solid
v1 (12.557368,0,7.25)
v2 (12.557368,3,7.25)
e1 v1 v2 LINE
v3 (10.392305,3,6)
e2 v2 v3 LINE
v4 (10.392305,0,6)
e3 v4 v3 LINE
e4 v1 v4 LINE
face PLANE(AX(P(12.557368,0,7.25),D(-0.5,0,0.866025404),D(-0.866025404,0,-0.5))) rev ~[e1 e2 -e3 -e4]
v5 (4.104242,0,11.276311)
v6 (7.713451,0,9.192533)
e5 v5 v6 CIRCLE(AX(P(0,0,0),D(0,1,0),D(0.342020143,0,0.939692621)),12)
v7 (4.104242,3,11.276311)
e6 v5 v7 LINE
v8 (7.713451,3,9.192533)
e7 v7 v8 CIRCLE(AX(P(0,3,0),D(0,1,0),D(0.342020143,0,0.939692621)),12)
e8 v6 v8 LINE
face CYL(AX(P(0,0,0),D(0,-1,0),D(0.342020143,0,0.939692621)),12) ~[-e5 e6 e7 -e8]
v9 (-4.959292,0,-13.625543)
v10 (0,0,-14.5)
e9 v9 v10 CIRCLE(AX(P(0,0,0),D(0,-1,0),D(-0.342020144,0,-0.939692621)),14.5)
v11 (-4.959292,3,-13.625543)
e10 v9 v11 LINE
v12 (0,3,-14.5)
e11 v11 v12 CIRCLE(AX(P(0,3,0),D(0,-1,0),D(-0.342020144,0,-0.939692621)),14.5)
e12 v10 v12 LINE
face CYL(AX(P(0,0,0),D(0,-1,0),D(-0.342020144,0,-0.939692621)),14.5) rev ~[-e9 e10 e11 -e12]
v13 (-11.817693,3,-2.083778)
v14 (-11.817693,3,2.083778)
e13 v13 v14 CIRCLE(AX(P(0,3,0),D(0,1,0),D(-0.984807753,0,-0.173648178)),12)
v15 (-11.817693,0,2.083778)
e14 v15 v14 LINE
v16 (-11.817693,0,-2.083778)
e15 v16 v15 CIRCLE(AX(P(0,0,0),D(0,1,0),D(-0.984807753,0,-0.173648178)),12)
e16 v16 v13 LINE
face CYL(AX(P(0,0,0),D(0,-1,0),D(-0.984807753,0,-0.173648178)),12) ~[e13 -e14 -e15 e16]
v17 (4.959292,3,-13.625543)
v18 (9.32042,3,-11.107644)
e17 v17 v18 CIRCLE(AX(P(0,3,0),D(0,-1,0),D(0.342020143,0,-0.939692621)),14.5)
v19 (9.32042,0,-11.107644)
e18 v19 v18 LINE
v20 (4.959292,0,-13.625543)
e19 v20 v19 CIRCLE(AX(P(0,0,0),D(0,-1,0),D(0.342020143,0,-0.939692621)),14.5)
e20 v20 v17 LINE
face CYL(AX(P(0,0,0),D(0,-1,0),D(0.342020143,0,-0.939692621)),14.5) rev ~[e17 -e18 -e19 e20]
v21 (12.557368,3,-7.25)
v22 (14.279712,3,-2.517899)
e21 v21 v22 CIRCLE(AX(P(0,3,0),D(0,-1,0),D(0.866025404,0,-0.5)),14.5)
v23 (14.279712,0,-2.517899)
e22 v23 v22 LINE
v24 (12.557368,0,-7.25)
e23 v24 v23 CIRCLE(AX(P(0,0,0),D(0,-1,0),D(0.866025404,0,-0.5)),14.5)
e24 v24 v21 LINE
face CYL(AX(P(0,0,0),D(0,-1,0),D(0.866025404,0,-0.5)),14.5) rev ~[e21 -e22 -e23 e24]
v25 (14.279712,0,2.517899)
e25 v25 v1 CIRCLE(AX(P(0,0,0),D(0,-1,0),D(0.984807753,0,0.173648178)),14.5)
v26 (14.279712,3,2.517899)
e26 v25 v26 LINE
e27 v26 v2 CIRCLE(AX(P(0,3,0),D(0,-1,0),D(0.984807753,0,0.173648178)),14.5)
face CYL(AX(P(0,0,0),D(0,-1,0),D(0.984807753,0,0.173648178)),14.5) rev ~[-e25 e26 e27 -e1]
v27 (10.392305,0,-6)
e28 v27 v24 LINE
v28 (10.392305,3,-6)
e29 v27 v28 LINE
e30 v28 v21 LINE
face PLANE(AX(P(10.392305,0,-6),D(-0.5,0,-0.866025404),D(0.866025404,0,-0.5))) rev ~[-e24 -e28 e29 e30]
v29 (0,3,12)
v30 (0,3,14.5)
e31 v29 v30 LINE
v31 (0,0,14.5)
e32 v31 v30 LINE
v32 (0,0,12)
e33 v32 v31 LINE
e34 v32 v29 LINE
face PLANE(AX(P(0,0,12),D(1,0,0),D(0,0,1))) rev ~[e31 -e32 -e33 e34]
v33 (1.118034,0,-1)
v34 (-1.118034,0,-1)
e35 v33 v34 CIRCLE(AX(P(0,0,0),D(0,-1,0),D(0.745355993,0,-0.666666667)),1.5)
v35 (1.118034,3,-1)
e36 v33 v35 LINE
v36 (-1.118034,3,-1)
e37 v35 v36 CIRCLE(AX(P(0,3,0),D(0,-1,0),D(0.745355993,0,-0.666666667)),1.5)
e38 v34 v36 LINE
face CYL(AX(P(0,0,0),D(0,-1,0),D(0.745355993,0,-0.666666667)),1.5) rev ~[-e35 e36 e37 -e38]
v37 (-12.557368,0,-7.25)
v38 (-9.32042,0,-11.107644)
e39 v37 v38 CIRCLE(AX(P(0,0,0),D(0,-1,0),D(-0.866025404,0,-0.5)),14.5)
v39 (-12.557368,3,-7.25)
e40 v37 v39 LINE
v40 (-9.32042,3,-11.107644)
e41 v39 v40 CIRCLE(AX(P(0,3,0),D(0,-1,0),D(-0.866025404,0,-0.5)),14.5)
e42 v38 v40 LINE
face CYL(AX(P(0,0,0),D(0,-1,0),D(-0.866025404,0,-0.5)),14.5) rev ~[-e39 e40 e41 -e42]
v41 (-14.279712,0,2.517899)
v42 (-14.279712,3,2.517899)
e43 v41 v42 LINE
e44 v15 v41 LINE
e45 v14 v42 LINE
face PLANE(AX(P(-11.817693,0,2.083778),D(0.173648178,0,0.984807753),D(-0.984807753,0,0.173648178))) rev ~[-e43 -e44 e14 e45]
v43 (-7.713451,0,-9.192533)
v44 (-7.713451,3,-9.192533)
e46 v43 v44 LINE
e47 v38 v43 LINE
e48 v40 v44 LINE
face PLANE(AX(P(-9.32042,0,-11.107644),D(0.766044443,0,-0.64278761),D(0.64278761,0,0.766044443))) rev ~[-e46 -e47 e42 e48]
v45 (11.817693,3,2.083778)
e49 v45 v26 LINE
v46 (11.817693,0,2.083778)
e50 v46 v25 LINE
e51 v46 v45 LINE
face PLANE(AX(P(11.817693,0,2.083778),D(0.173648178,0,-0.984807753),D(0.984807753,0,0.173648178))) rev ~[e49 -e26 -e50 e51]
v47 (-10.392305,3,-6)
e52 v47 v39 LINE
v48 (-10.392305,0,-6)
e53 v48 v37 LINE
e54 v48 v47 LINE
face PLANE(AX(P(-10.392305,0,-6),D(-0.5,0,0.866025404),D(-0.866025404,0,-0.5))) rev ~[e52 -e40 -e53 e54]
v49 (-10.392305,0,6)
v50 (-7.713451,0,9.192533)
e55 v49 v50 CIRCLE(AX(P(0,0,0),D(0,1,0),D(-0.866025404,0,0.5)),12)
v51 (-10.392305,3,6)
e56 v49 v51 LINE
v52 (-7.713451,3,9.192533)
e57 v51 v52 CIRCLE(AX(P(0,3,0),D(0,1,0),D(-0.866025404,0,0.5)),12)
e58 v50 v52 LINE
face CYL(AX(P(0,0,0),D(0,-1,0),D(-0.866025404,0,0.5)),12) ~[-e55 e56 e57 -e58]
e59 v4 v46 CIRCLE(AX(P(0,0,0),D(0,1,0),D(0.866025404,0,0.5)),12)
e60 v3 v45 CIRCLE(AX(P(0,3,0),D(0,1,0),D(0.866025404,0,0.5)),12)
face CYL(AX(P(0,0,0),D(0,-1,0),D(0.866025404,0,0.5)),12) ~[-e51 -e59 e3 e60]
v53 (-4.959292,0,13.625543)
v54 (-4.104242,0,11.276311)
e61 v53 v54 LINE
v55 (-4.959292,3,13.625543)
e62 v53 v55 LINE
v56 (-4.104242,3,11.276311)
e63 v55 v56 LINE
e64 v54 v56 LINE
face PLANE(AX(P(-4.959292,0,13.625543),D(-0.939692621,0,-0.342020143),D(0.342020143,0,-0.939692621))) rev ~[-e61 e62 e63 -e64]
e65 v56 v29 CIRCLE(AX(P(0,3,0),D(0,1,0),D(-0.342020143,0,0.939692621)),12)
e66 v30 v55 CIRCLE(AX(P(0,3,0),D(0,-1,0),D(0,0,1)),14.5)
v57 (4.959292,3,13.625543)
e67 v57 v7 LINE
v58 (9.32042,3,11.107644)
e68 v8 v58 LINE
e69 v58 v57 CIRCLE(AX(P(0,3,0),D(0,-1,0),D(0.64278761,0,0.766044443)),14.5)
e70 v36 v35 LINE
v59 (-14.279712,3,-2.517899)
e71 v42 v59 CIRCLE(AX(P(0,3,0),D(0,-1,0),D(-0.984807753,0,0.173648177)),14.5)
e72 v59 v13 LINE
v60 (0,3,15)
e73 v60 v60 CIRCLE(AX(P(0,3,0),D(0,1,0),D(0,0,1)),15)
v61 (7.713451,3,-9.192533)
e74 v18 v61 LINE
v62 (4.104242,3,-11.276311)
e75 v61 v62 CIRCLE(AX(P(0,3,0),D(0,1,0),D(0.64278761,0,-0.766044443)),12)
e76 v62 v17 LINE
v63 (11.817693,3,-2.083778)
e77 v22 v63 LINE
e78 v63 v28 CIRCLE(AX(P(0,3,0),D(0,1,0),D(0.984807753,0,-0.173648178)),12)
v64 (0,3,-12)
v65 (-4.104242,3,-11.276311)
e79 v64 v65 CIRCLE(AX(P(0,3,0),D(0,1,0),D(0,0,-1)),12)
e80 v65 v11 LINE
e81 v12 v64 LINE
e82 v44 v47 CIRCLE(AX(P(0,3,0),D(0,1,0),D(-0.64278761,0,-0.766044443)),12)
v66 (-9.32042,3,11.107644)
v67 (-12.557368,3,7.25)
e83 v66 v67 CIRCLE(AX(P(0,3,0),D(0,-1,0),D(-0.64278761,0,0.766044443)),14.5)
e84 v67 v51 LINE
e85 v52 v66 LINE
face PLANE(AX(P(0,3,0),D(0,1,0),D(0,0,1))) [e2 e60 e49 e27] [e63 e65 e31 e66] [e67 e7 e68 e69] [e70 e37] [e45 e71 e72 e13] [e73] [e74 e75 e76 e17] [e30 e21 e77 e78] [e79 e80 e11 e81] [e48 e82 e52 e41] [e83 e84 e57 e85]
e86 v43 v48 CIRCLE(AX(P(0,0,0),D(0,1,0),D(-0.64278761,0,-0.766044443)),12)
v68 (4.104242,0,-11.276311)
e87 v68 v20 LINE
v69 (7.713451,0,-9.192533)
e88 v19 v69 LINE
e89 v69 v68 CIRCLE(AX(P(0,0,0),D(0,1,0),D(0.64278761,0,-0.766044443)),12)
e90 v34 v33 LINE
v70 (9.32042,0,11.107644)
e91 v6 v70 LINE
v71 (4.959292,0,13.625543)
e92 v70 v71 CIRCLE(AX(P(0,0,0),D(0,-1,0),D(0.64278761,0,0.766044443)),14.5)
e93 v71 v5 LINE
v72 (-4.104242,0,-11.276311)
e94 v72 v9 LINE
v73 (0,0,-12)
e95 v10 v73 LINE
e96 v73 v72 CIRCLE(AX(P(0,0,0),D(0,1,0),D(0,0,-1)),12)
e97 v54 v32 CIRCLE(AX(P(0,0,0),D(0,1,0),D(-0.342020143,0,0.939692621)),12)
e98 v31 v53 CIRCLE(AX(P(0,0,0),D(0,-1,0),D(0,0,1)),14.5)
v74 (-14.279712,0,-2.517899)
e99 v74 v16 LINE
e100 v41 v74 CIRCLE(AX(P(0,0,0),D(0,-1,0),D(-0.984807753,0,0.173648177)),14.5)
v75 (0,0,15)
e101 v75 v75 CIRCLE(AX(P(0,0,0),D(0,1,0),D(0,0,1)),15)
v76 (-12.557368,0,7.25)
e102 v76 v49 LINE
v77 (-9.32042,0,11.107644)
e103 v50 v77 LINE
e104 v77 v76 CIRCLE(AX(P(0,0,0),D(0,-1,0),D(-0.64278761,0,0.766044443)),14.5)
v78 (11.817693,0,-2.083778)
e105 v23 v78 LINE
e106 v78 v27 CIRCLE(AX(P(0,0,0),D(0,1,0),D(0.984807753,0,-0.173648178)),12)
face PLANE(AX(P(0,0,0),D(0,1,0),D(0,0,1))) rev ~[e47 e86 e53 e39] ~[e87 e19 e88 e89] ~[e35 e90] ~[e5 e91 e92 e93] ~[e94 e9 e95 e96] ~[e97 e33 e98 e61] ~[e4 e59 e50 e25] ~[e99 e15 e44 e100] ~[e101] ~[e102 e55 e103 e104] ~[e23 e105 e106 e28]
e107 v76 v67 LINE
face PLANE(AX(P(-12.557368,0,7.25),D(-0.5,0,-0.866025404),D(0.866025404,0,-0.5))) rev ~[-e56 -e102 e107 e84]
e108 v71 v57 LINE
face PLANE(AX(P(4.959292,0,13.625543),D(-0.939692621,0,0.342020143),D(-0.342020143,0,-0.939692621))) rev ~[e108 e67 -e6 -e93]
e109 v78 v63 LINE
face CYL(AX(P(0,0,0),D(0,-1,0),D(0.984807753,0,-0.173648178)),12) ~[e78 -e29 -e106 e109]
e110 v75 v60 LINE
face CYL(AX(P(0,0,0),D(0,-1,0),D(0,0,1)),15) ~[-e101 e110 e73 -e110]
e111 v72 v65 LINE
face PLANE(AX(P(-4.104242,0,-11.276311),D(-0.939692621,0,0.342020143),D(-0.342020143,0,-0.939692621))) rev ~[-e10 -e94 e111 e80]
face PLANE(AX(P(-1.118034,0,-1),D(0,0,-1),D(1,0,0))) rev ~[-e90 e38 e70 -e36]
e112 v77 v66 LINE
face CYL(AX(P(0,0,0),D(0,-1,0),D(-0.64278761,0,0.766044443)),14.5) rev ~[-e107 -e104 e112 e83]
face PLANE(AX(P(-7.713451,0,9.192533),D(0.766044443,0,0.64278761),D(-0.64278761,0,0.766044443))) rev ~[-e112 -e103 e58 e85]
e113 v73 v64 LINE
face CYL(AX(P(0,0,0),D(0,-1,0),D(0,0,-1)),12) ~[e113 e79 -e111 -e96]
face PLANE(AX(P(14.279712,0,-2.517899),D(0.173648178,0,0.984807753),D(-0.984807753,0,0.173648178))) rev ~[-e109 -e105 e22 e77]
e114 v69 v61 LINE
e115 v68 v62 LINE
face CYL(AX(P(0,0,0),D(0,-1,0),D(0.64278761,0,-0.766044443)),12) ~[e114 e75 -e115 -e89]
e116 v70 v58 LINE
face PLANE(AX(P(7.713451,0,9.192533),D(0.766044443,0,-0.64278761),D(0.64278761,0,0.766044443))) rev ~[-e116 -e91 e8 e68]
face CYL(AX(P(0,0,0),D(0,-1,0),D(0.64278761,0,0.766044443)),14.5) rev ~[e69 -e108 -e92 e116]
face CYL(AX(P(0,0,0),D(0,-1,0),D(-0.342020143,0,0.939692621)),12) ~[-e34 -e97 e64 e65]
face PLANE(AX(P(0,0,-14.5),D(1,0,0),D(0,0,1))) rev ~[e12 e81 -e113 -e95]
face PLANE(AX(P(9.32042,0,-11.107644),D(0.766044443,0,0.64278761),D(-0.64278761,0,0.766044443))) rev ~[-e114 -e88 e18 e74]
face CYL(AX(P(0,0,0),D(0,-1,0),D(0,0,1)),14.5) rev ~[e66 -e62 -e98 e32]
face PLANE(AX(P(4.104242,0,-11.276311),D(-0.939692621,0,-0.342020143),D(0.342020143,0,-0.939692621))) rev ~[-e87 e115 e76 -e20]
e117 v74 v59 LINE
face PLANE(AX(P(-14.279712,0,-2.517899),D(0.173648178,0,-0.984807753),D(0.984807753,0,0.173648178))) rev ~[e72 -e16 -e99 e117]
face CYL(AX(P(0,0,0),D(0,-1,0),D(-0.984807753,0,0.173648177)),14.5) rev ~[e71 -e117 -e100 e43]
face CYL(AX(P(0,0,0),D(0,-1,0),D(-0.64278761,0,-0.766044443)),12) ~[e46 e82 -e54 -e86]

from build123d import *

# Parameters (mm, degrees)
SKETCH1_R           = 15
BOSS_EXTRUDE1_DEPTH = 3


with BuildPart() as part:
    # Sketch1 → Boss-Extrude1 (new body)
    with BuildSketch(Plane(origin=(0, 0, 0), x_dir=(1, 0, 0), z_dir=(0, 1, 0))):
        with Locations(Location((0, 0, 0), (0, 0, 270))):
            Circle(SKETCH1_R)
        with BuildLine():
            Line((-1.118033989, 1), (1.118033989, 1))
            ThreePointArc((1.118033989, 1), (0, -1.5), (-1.118033989, 1))
        make_face(mode=Mode.SUBTRACT)
        with BuildLine():
            Line((-12.557368355, -7.25), (-10.392304845, -6))
            ThreePointArc((-10.392304845, -6), (-9.192533317, -7.713451316), (-7.713451316, -9.192533317))
            Line((-7.713451316, -9.192533317), (-9.32042034, -11.107644425))
            ThreePointArc((-9.32042034, -11.107644425), (-11.107644425, -9.32042034), (-12.557368355, -7.25))
        make_face(mode=Mode.SUBTRACT)
        with BuildLine():
            Line((-4.959292078, -13.625543001), (-4.10424172, -11.276311449))
            ThreePointArc((-4.10424172, -11.276311449), (-2.083778132, -11.817693036), (0, -12))
            Line((0, -12), (0, -14.5))
            ThreePointArc((0, -14.5), (-2.517898576, -14.279712419), (-4.959292078, -13.625543001))
        make_face(mode=Mode.SUBTRACT)
        with BuildLine():
            Line((4.959292078, -13.625543001), (4.10424172, -11.276311449))
            ThreePointArc((4.10424172, -11.276311449), (6, -10.392304845), (7.713451316, -9.192533317))
            Line((7.713451316, -9.192533317), (9.32042034, -11.107644425))
            ThreePointArc((9.32042034, -11.107644425), (7.25, -12.557368355), (4.959292078, -13.625543001))
        make_face(mode=Mode.SUBTRACT)
        with BuildLine():
            Line((12.557368355, -7.25), (10.392304845, -6))
            ThreePointArc((10.392304845, -6), (11.276311449, -4.10424172), (11.817693036, -2.083778132))
            Line((11.817693036, -2.083778132), (14.279712419, -2.517898576))
            ThreePointArc((14.279712419, -2.517898576), (13.625543001, -4.959292078), (12.557368355, -7.25))
        make_face(mode=Mode.SUBTRACT)
        with BuildLine():
            Line((-14.279712419, 2.517898576), (-11.817693036, 2.083778132))
            ThreePointArc((-11.817693036, 2.083778132), (-12, 0), (-11.817693036, -2.083778132))
            Line((-11.817693036, -2.083778132), (-14.279712419, -2.517898576))
            ThreePointArc((-14.279712419, -2.517898576), (-14.5, 0), (-14.279712419, 2.517898576))
        make_face(mode=Mode.SUBTRACT)
        with BuildLine():
            Line((-9.32042034, 11.107644425), (-7.713451316, 9.192533317))
            ThreePointArc((-7.713451316, 9.192533317), (-9.192533317, 7.713451316), (-10.392304845, 6))
            Line((-10.392304845, 6), (-12.557368355, 7.25))
            ThreePointArc((-12.557368355, 7.25), (-11.107644425, 9.32042034), (-9.32042034, 11.107644425))
        make_face(mode=Mode.SUBTRACT)
        with BuildLine():
            Line((-4.10424172, 11.276311449), (-4.959292078, 13.625543001))
            ThreePointArc((-4.959292078, 13.625543001), (-2.517898576, 14.279712419), (0, 14.5))
            Line((0, 14.5), (0, 12))
            ThreePointArc((0, 12), (-2.083778132, 11.817693036), (-4.10424172, 11.276311449))
        make_face(mode=Mode.SUBTRACT)
        with BuildLine():
            ThreePointArc((11.817693036, 2.083778132), (11.276311449, 4.10424172), (10.392304845, 6))
            Line((10.392304845, 6), (12.557368355, 7.25))
            ThreePointArc((12.557368355, 7.25), (13.625543001, 4.959292078), (14.279712419, 2.517898576))
            Line((14.279712419, 2.517898576), (11.817693036, 2.083778132))
        make_face(mode=Mode.SUBTRACT)
        with BuildLine():
            Line((9.32042034, 11.107644425), (7.713451316, 9.192533317))
            ThreePointArc((7.713451316, 9.192533317), (6, 10.392304845), (4.10424172, 11.276311449))
            Line((4.10424172, 11.276311449), (4.959292078, 13.625543001))
            ThreePointArc((4.959292078, 13.625543001), (7.25, 12.557368355), (9.32042034, 11.107644425))
        make_face(mode=Mode.SUBTRACT)
    extrude(amount=BOSS_EXTRUDE1_DEPTH)


solid = part.part
